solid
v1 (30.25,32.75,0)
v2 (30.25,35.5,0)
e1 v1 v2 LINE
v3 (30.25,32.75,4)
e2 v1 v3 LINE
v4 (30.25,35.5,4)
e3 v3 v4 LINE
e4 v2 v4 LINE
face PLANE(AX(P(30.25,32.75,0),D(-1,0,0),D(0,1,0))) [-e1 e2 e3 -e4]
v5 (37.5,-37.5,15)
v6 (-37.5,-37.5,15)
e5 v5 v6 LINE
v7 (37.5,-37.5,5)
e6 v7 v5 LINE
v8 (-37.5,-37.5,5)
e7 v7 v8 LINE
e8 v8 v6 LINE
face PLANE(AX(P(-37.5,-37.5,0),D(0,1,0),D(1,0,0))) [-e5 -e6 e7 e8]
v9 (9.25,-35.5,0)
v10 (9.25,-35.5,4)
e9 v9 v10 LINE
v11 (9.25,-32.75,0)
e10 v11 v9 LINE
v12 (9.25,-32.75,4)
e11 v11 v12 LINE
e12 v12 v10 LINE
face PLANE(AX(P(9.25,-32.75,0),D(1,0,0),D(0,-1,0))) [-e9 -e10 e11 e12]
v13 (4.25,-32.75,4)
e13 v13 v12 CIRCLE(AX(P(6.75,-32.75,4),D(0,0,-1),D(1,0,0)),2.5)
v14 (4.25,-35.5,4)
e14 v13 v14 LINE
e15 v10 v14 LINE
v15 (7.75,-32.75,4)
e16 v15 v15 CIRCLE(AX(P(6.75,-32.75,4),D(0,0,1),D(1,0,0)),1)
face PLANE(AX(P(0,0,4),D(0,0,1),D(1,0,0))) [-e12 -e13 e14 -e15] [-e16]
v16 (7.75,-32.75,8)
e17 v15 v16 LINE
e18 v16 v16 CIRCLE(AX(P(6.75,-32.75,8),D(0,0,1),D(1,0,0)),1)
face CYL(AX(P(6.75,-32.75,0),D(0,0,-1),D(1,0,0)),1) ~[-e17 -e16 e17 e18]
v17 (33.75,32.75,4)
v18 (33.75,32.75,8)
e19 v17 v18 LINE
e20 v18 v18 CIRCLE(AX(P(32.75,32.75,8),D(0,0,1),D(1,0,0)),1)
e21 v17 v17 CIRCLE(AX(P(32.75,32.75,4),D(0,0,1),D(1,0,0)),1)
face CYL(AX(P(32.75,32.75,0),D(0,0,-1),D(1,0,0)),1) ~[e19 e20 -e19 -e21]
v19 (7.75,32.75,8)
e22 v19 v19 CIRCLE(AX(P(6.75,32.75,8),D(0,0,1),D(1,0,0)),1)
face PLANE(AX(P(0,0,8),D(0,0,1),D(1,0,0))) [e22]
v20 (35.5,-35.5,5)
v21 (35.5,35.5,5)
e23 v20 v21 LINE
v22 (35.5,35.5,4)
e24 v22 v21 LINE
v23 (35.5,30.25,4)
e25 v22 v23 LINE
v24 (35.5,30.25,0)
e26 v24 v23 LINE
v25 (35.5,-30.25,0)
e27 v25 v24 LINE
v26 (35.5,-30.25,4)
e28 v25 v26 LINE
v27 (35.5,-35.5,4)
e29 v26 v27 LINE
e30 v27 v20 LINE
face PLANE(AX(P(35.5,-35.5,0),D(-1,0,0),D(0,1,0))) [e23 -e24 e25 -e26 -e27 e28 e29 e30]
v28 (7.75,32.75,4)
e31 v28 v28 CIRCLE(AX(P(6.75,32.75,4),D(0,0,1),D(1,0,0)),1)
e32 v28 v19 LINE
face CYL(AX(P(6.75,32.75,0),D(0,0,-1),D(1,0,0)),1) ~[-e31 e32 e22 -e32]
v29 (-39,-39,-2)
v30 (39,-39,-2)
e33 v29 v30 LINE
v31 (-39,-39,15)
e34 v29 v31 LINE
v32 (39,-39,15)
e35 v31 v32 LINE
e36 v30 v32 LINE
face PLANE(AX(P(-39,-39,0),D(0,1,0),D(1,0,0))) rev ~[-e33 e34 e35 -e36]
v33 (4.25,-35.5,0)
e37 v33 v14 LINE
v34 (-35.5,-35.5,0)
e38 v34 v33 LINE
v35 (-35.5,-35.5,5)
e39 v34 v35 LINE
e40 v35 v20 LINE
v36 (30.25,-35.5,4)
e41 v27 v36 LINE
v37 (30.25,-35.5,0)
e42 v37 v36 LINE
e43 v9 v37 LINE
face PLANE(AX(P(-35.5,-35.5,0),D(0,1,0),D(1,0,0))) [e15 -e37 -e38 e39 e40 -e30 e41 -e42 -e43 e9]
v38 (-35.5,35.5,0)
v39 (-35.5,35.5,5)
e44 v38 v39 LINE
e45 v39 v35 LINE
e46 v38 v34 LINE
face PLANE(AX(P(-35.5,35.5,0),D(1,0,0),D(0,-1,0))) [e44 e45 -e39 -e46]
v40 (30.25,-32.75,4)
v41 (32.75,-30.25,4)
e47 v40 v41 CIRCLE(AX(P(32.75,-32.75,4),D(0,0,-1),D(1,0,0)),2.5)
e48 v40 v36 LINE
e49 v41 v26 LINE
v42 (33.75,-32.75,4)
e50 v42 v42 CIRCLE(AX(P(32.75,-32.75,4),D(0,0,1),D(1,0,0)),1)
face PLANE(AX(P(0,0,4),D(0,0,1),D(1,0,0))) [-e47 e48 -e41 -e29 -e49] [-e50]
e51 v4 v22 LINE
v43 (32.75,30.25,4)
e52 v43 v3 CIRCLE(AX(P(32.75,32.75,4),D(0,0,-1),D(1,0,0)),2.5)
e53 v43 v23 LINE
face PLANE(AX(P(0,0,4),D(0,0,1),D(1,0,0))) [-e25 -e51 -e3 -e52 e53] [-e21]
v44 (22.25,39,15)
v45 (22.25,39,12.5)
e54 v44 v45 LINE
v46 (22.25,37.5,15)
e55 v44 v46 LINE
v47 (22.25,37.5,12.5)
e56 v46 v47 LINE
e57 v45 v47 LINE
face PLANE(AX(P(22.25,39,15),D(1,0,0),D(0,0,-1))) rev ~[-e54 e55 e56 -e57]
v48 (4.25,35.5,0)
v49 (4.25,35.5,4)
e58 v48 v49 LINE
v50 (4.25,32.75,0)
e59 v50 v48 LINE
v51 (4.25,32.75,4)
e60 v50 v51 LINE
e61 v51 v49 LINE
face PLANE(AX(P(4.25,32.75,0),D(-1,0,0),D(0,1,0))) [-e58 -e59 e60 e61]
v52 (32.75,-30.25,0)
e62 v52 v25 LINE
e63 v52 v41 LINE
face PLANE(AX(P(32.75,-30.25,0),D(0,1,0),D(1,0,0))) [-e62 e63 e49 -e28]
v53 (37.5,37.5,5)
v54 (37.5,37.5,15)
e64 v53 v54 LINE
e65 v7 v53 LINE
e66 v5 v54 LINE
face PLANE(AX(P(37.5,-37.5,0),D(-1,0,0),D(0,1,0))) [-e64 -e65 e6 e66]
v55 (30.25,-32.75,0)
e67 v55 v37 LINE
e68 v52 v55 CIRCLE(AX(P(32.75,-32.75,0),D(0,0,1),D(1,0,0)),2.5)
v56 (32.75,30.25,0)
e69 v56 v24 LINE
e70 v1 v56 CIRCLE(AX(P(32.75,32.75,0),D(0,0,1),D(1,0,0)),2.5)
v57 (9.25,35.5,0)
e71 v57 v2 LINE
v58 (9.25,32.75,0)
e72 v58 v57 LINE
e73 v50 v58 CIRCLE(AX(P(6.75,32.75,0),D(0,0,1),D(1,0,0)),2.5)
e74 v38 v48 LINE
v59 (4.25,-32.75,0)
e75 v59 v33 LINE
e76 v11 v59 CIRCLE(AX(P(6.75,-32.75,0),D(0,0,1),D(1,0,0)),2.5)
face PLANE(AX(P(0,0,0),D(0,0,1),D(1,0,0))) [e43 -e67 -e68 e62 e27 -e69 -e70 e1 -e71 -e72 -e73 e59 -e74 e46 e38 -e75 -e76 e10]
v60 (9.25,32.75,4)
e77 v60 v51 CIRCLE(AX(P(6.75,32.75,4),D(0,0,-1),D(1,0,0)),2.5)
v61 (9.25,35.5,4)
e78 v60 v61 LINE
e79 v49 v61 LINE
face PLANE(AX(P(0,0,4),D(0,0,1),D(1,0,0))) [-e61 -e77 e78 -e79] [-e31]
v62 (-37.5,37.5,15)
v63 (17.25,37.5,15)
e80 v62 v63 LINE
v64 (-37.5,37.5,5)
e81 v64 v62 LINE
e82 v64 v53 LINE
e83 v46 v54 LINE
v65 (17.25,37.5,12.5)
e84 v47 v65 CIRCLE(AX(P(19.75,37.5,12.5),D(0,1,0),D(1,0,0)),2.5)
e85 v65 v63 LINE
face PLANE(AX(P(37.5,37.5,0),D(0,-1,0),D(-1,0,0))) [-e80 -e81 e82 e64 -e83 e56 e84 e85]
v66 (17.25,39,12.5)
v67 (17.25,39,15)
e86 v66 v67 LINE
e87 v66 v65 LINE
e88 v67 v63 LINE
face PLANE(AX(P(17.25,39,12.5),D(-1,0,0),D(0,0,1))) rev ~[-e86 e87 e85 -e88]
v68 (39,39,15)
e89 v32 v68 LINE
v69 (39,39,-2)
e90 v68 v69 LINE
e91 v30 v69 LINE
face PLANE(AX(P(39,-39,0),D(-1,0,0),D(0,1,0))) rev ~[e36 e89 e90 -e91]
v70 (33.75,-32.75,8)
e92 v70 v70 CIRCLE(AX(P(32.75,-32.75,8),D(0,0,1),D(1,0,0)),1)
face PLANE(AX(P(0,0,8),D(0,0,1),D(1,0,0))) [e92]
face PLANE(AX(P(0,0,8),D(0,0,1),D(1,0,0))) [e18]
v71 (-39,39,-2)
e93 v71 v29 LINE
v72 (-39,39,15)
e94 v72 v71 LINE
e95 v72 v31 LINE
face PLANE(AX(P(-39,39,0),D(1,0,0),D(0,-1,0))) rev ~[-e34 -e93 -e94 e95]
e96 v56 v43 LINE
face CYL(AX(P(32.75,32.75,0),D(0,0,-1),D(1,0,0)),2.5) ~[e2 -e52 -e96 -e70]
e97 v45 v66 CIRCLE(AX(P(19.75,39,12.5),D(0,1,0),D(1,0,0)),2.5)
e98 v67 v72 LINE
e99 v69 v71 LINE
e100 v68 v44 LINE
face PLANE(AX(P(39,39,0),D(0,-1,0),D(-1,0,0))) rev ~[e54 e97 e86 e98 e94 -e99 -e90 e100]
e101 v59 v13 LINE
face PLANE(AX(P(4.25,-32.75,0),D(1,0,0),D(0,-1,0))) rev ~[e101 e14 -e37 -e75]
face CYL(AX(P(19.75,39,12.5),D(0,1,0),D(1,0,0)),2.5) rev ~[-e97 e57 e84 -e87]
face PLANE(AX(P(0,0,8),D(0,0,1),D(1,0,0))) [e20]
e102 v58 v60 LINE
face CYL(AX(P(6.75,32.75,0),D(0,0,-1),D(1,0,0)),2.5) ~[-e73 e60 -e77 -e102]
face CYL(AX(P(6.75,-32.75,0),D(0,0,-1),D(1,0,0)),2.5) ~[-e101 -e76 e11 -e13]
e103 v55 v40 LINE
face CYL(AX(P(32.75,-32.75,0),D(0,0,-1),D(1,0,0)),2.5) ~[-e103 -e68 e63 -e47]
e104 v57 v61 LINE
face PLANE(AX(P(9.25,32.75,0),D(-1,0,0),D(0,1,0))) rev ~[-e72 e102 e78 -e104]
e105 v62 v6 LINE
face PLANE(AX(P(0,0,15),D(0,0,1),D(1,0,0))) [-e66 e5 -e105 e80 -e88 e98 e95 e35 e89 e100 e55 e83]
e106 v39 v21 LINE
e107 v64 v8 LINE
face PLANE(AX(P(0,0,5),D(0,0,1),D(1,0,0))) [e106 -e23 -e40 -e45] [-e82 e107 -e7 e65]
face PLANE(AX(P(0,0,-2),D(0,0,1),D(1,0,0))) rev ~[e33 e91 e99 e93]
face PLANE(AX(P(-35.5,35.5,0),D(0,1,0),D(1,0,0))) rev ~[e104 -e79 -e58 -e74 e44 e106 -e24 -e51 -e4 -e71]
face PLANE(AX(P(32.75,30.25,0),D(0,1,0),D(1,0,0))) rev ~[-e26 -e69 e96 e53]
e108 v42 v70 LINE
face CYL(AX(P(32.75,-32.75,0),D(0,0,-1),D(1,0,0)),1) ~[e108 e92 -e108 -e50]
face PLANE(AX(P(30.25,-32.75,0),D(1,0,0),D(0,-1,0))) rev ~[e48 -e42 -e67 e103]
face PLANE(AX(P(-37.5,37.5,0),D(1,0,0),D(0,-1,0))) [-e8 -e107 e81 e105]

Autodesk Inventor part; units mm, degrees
ref_plane "YZ Plane" through (0, 0, 0) normal (1, 0, 0) x (0, 1, 0)
ref_plane "XZ Plane" through (0, 0, 0) normal (0, 1, 0) x (-1, 0, 0)
ref_plane "XY Plane" through (0, 0, 0) normal (0, 0, 1) x (1, 0, 0)
sketch "USB_Micro" plane through (0, 0, 0) normal (0, 0, 1) x (1, 0, 0)
  line L0 (-6.7, 3.4) -> (-6.7, 2.0438)
  line L1 (-7.2, 1.6938) -> (-6.7, 2.0438)
  line L2 (-7.2, 1.6938) -> (-7.2, 0.3)
  line L3 (-7.2, 0.3) -> (-0.3, 0.3)
  line L4 (-0.3, 0.3) -> (-0.3, 1.6938)
  line L5 (-0.8, 2.0438) -> (-0.3, 1.6938)
  line L6 (-6.7, 3.4) -> (-0.8, 3.4)
  line L7 (-0.8, 3.4) -> (-0.8, 2.0438)
  line L8 (-0.8, 0.8) -> (-6.7, 0.8)
  line L9 (-6.7, 0.8) -> (-6.7, 1.4335)
  line L10 (-6.7, 1.4335) -> (-6.2, 1.7835)
  line L11 (-6.2, 1.7835) -> (-6.2, 2.9)
  line L12 (-6.2, 2.9) -> (-1.3, 2.9)
  line L13 (-1.3, 2.9) -> (-1.3, 1.7835)
  line L14 (-1.3, 1.7835) -> (-0.8, 1.4335)
  line L15 (-0.8, 1.4335) -> (-0.8, 0.8)
  point P0 (-3.75, 0.3)
  dimension "d42" = 0.5
sketch "Skizze1" plane through (0, 0, 0) normal (0, 0, 1) x (1, 0, 0)
  line L0 (-39, -39) -> (39, -39)
  line L1 (39, -39) -> (39, 39)
  line L2 (39, 39) -> (-39, 39)
  line L3 (-39, 39) -> (-39, -39)
  line L4 (-39, -39) -> (39, 39) construction
  line L5 (39, -39) -> (-39, 39) construction
  line L6 (-37.5, -37.5) -> (37.5, -37.5)
  line L7 (37.5, -37.5) -> (37.5, 37.5)
  line L8 (37.5, 37.5) -> (-37.5, 37.5)
  line L9 (-37.5, 37.5) -> (-37.5, -37.5)
  line L10 (-37.5, -37.5) -> (37.5, 37.5) construction
  line L11 (37.5, -37.5) -> (-37.5, 37.5) construction
  line L12 (-37.5, 37.5) -> (-35.5, 37.5)
  line L13 (-35.5, 37.5) -> (-35.5, -37.5)
  line L14 (-35.5, -37.5) -> (-37.5, -37.5)
  line L15 (-37.5, -37.5) -> (-37.5, 37.5)
  line L16 (35.5, 37.5) -> (37.5, 37.5)
  line L17 (37.5, 37.5) -> (37.5, -37.5)
  line L18 (37.5, -37.5) -> (35.5, -37.5)
  line L19 (35.5, -37.5) -> (35.5, 37.5)
  line L20 (-35.5, -35.5) -> (35.5, -35.5)
  line L21 (35.5, -35.5) -> (35.5, -37.5)
  line L22 (35.5, -37.5) -> (-35.5, -37.5)
  line L23 (-35.5, -37.5) -> (-35.5, -35.5)
  line L24 (35.5, 37.5) -> (-35.5, 37.5)
  line L25 (-35.5, 37.5) -> (-35.5, 35.5)
  line L26 (-35.5, 35.5) -> (35.5, 35.5)
  line L27 (35.5, 35.5) -> (35.5, 37.5)
  point P0 (0, 0)
  dimension "d0" = 78
  dimension "d1" = 78
  dimension "d2" = 75
  dimension "d3" = 75
  dimension "d46" = 2
  dimension "d47" = 2
  dimension "d48" = 2
  dimension "d52" = 2
extrude "Extrusion1" add sketch "Skizze1" along normal blind 15
extrude "Extrusion9" add sketch "Skizze1" along normal blind 5 contours L9 L8 L13 L6 | L13 L20 L19 L6 | L19 L8 L7 L6 | L8 L19 L26 L13
extrude "Extrusion6" add sketch "Skizze1" against normal blind 2 contours L3 L2 L1 L0 | L9 L8 L13 L6 | L13 L20 L19 L6 | L19 L8 L7 L6 | L13 L26 L19 L20 | L8 L19 L26 L13
sketch "Skizze5" plane through (0, 0, 0) normal (0, 0, 1) x (1, 0, 0)
  circle A0 centre (32.75, -32.75) radius 1
  circle A1 centre (32.75, 32.75) radius 1
  circle A2 centre (6.75, -32.75) radius 1
  circle A3 centre (6.75, 32.75) radius 1
  circle A4 centre (32.75, 32.75) radius 2.5
  circle A5 centre (6.75, 32.75) radius 2.5
  circle A6 centre (32.75, -32.75) radius 2.5
  circle A7 centre (6.75, -32.75) radius 2.5
  line L0 (-54.6, 0) -> (54.6, 0) projected
  line L1 (0, -54.6) -> (0, 54.6) projected
  line L2 (35.5, 35.5) -> (35.5, -35.5) projected
  line L3 (-35.5, 35.5) -> (35.5, 35.5) projected
  line L4 (35.5, -35.5) -> (-35.5, -35.5) projected
  line L5 (9.25, 32.75) -> (9.25, 35.5)
  line L6 (4.25, 32.75) -> (4.25, 35.5)
  line L7 (4.25, 35.5) -> (9.25, 35.5)
  line L8 (30.25, 32.75) -> (30.25, 35.5)
  line L9 (30.25, 35.5) -> (35.5, 35.5)
  line L10 (32.75, 30.25) -> (35.5, 30.25)
  line L11 (35.5, 30.25) -> (35.5, 35.5)
  line L12 (32.75, -30.25) -> (35.5, -30.25)
  line L13 (35.5, -30.25) -> (35.5, -35.5)
  line L14 (30.25, -32.75) -> (30.25, -35.5)
  line L15 (30.25, -35.5) -> (35.5, -35.5)
  line L16 (9.25, -32.75) -> (9.25, -35.5)
  line L17 (4.25, -32.75) -> (4.25, -35.5)
  line L18 (4.25, -35.5) -> (9.25, -35.5)
  point P0 (0, 0)
  dimension "d28" = 2
  dimension "d33" = 5
  dimension "d34" = 65.5
  dimension "d35" = 26
  dimension "d36" = 32.75
  dimension "d37" = 32.75
  dimension "d51" = 32.75
extrude "Extrusion7" add sketch "Skizze5" along normal blind 4 contours A4 | A5 | A6 | A7
sketch "Skizze6" plane through (-39, 39, 15) normal (0, 1, 0) x (1, 0, 0)
  line L0 (63.71, 5.7) -> (56.21, 5.7) projected
  line L1 (63.71, 7.55) -> (63.71, 5.7) projected
  line L2 (63.71, 7.55) -> (63.21, 7.9) projected
  line L3 (63.21, 7.9) -> (63.21, 9.4) projected
  line L4 (56.71, 9.4) -> (63.21, 9.4) projected
  line L5 (56.71, 7.9) -> (56.71, 9.4) projected
  line L6 (56.21, 7.55) -> (56.71, 7.9) projected
  line L7 (56.21, 7.55) -> (56.21, 5.7) projected
  line L8 (56.51, 6) -> (63.41, 6) projected
  line L9 (56.51, 7.3938) -> (56.51, 6) projected
  line L10 (57.01, 7.7438) -> (56.51, 7.3938) projected
  line L11 (57.01, 9.1) -> (57.01, 7.7438) projected
  line L12 (62.91, 9.1) -> (57.01, 9.1) projected
  line L13 (62.91, 9.1) -> (62.91, 7.7438) projected
  line L14 (62.91, 7.7438) -> (63.41, 7.3938) projected
  line L15 (63.41, 7.3938) -> (63.41, 6) projected
  line L16 (64.46, 4.95) -> (55.46, 4.95)
  line L17 (55.46, 4.95) -> (55.46, 7.9405)
  line L18 (55.46, 7.9405) -> (55.96, 8.2905)
  line L19 (55.96, 8.2905) -> (55.96, 10.15)
  line L20 (55.96, 10.15) -> (63.96, 10.15)
  line L21 (63.96, 10.15) -> (63.96, 8.2905)
  line L22 (63.96, 8.2905) -> (64.46, 7.9405)
  line L23 (64.46, 7.9405) -> (64.46, 4.95)
  point P0 (39, 15)
  dimension "d45" = 0.75
extrude "Extrusion8" [suppressed]
extrude "Extrusion10" add sketch "Skizze5" along normal blind 8 contours A0 | A1 | A2 | A3
extrude "Extrusion11" add sketch "Skizze5" along normal up to surface (4 mm away) contours A4 L8 L3 L2 L10 | L5 A5 L6 L3 | L2 L4 L14 A6 L12 | L17 A7 L16 L4
sketch "Skizze7" plane through (-39, 39, 15) normal (0, 1, 0) x (1, 0, 0)
  line L0 (78, 0) -> (0, 0) projected
  line L1 (78, 17) -> (78, 0) projected
  line L2 (61.25, 0) -> (61.25, 2.5)
  line L3 (56.25, 2.5) -> (56.25, 0)
  line L4 (1.5, 0) -> (76.5, 0) projected
  line L5 (61.25, 0) -> (56.25, 0)
  arc A0 (61.25, 2.5) -> (56.25, 2.5) centre (58.75, 2.5) ccw
  point P0 (39, 15)
  dimension "d58" = 19.25
  dimension "d59" = 5
  dimension "d60" = 2.5
extrude "Extrusion12" cut sketch "Skizze7" against normal up to surface (1.5 mm away)
equation "\"d0\" = d1"
equation "\"d2\" = d3"
equation "\"d47\" = d46"
equation "\"d48\" = d46"
equation "\"d52\" = d46"
properties part number "Sensorlamp_Base_new"
